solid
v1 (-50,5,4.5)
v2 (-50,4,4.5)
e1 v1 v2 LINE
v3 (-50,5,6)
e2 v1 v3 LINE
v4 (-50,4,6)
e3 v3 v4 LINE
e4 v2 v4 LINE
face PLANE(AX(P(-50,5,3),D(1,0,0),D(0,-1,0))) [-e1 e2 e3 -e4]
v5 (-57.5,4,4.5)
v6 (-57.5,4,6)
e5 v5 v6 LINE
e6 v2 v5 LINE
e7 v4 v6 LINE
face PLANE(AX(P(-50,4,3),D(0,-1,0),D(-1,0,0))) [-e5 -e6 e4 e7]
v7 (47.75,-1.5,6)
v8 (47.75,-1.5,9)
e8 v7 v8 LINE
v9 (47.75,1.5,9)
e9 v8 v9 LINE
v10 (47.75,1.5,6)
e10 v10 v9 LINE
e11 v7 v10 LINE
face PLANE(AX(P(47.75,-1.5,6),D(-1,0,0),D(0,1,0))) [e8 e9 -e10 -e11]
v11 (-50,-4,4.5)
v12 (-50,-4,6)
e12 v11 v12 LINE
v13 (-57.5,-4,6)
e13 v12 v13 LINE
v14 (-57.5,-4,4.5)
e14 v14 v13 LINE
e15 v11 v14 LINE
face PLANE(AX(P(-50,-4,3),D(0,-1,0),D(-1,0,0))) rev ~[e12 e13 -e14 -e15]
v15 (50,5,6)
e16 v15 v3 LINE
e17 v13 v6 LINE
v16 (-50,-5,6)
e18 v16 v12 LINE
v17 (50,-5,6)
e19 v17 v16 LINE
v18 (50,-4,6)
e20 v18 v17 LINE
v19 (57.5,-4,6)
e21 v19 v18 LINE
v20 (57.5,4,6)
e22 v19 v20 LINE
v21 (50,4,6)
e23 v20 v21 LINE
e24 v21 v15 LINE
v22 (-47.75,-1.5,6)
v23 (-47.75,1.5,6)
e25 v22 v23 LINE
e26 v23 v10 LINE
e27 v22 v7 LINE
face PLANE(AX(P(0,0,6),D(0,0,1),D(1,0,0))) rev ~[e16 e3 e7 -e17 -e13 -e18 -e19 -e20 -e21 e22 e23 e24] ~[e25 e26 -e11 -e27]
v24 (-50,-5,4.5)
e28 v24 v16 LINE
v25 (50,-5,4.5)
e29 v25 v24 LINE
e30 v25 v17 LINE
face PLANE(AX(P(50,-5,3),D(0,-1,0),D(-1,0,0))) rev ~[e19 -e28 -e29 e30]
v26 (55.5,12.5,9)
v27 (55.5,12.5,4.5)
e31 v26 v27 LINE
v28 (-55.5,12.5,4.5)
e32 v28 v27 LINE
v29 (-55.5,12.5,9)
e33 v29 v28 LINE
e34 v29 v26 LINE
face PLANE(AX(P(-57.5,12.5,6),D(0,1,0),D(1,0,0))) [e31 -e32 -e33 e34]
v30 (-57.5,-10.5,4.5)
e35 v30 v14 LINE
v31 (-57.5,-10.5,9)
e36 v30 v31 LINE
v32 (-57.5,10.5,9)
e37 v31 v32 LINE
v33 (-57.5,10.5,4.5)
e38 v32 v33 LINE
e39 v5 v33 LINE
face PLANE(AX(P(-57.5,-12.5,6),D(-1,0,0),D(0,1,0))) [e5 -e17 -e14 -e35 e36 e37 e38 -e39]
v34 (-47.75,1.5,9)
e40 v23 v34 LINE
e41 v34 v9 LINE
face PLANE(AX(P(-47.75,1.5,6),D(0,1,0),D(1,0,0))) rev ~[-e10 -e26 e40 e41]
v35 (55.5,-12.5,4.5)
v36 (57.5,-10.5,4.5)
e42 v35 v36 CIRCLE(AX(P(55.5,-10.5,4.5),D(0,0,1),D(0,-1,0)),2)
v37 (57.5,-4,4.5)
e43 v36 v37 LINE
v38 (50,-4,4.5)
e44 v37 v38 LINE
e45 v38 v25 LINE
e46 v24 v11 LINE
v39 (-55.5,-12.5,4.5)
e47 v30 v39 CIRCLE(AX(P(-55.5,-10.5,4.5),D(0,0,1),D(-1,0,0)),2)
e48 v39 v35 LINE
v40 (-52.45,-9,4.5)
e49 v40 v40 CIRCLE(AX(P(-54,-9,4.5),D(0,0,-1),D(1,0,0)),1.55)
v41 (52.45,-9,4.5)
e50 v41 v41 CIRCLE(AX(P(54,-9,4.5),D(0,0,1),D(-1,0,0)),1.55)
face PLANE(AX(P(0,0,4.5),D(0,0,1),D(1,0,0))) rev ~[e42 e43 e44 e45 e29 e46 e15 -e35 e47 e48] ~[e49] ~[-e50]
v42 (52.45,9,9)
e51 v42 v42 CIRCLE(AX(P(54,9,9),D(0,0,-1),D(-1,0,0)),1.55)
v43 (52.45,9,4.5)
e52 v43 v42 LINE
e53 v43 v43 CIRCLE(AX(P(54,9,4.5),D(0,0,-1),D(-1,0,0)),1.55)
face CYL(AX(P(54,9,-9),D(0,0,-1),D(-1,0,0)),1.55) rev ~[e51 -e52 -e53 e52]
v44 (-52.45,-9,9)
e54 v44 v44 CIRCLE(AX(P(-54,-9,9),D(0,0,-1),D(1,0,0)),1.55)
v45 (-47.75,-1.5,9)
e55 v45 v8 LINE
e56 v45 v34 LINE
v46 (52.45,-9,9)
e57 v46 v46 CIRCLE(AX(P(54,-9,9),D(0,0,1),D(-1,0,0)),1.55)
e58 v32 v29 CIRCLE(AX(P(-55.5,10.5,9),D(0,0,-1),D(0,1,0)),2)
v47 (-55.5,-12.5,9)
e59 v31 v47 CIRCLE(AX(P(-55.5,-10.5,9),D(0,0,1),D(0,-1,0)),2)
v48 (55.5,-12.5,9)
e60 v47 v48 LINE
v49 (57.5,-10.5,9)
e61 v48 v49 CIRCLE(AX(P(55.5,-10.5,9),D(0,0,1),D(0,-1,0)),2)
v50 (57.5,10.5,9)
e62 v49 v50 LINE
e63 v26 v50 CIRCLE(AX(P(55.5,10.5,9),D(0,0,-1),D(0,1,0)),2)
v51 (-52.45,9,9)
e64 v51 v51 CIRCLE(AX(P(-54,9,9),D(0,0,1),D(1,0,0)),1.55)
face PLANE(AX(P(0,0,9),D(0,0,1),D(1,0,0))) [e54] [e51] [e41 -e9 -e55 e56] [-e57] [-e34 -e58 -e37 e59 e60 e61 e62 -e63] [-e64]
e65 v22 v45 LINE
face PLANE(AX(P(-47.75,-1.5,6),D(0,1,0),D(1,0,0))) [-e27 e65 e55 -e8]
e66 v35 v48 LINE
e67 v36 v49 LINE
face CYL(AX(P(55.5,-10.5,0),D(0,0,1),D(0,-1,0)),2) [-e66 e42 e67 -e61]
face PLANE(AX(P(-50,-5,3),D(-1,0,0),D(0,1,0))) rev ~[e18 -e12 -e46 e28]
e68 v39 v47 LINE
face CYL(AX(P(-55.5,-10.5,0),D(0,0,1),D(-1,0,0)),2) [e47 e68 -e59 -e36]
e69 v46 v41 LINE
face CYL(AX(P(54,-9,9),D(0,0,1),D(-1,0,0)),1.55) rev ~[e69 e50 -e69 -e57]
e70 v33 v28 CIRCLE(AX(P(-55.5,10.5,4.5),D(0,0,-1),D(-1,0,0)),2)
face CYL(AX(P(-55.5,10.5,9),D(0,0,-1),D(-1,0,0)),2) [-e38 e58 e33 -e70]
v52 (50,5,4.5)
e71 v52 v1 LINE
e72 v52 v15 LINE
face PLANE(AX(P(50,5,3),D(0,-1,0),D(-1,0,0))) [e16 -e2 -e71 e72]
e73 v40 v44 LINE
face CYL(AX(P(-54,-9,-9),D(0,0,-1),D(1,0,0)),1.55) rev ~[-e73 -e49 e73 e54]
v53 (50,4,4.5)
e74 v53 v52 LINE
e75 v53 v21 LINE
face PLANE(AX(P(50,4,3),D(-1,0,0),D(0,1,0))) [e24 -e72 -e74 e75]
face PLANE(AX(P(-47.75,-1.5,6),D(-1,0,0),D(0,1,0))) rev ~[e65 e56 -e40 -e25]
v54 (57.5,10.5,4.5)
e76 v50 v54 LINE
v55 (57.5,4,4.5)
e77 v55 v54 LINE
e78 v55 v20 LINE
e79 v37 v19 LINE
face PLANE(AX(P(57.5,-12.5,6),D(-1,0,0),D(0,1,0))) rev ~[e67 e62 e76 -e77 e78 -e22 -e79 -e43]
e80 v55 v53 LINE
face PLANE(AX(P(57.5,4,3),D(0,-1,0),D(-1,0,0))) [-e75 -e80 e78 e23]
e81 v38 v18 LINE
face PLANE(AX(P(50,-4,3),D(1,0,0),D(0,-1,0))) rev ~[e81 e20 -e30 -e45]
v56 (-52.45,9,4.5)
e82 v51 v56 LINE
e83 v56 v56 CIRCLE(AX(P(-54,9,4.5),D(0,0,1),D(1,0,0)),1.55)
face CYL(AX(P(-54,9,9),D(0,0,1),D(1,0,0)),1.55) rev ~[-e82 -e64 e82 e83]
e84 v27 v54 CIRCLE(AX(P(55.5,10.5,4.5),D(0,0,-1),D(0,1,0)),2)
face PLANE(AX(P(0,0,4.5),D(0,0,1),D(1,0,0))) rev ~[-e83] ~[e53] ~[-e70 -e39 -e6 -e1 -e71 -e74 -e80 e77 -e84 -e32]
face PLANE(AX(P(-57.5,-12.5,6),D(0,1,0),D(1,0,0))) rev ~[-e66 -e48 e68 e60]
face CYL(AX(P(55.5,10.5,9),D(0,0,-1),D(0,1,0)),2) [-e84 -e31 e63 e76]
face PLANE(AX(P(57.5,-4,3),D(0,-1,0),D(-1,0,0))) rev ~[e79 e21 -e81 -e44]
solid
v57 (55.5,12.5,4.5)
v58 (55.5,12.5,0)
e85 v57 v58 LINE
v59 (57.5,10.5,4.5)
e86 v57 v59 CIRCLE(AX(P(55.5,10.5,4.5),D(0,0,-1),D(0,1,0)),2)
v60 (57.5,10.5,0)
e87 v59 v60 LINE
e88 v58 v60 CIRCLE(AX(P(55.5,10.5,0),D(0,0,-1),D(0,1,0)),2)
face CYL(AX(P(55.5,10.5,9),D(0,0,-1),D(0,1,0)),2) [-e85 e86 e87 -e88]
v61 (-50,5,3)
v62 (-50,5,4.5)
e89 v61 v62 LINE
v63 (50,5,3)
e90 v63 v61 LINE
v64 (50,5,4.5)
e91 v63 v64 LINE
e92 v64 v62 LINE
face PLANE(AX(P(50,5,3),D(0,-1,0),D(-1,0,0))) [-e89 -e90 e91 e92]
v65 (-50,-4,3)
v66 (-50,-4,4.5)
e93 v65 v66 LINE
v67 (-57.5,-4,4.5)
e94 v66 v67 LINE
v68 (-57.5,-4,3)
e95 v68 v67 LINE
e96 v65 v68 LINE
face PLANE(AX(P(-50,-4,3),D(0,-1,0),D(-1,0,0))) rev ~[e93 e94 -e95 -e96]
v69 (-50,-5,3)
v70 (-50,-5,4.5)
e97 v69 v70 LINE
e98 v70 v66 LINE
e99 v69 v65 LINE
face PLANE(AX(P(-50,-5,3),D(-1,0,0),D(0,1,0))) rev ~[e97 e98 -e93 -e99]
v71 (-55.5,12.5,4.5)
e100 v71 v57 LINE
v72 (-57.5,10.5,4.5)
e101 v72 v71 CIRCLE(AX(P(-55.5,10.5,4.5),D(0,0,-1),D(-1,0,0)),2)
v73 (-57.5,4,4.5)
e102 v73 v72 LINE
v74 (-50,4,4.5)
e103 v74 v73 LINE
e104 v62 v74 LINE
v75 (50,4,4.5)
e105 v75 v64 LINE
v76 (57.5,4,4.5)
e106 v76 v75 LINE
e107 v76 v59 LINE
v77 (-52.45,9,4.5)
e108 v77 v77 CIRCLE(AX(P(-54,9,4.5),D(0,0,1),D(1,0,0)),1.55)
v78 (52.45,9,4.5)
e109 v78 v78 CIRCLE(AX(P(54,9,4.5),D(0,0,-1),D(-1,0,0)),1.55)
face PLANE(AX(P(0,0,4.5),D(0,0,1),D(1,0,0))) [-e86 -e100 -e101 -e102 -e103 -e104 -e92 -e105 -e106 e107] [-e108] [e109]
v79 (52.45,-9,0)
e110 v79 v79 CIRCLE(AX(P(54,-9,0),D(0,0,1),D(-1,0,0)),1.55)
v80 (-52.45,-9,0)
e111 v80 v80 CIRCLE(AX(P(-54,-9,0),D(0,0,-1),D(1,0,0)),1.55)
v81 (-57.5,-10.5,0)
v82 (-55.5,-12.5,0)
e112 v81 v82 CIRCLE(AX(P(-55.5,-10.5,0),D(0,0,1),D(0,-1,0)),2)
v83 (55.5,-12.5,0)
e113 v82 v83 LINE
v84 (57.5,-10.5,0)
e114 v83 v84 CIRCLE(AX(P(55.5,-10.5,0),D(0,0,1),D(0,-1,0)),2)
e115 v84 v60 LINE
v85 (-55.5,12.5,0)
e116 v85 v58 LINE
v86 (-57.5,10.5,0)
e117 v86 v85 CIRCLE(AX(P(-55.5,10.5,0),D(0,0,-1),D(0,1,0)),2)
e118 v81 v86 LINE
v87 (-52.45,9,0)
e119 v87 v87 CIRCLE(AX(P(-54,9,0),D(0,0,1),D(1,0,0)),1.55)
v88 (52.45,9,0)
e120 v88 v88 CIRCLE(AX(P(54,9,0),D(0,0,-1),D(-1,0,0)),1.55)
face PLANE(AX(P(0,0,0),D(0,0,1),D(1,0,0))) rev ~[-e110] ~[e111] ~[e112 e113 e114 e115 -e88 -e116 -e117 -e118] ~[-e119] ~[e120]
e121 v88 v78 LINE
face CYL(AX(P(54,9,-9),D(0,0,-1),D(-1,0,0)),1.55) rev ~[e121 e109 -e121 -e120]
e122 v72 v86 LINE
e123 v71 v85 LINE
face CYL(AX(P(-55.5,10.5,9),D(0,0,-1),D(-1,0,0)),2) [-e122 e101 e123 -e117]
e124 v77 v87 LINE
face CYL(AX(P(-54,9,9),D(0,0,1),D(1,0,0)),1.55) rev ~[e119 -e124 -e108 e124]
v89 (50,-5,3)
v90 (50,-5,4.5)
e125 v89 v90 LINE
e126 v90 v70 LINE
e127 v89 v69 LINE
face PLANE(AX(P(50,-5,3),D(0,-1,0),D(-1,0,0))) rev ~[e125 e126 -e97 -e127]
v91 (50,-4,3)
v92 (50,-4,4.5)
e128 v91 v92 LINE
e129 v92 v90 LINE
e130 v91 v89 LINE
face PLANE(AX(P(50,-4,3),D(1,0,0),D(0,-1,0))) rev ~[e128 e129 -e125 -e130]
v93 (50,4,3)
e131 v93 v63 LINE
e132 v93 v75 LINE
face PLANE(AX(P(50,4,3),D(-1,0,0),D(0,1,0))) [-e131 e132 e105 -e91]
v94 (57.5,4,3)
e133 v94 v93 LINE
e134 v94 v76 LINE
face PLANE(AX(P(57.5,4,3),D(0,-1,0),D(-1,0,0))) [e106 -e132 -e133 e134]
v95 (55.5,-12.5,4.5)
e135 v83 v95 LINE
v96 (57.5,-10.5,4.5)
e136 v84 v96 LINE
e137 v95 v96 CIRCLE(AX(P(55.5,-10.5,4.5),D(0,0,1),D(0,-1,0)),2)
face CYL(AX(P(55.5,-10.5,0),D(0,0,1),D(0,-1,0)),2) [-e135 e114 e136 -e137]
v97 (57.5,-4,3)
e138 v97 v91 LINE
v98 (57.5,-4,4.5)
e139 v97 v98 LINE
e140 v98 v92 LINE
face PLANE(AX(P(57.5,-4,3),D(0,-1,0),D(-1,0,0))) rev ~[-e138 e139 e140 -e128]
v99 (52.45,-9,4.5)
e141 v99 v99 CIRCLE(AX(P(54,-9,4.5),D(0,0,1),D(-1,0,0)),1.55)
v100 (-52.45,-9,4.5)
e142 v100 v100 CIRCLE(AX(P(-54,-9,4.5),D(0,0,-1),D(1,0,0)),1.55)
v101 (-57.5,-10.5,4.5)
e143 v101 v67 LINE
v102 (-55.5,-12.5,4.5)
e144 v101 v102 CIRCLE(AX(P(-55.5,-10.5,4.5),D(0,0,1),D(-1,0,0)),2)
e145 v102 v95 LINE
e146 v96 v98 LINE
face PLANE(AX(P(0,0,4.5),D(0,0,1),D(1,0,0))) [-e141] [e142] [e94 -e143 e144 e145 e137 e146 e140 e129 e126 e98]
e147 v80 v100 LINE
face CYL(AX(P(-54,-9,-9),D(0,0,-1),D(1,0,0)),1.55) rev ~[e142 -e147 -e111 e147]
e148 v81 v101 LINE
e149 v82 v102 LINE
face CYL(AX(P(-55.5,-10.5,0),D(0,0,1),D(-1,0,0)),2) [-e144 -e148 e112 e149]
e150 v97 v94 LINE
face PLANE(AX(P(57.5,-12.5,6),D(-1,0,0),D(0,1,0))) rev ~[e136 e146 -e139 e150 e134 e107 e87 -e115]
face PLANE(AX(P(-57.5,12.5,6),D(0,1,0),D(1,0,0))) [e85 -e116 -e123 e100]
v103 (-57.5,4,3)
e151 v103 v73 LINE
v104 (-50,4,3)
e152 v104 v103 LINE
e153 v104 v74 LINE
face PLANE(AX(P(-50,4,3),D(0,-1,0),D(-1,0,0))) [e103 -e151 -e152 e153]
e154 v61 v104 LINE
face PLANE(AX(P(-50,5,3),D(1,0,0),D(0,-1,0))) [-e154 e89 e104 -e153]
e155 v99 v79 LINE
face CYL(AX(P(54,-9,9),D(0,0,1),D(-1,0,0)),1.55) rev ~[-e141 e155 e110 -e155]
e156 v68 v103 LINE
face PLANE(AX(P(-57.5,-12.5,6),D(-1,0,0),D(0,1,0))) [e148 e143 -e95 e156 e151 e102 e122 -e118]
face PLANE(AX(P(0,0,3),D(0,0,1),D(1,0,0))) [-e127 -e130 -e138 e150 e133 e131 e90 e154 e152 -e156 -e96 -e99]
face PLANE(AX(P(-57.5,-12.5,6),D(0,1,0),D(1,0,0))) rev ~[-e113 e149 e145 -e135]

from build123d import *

# Parameters (mm, degrees)
BOX_BOTTOM_HALF_0_W     = 117
BOX_BOTTOM_HALF_0_H     = 27
BOX_BOTTOM_HALF_0_DEPTH = 5.5
SKETCH_W                = 115
SKETCH_H                = 25
PAD_DEPTH               = 3
PAD001_DEPTH            = 3
SKETCH002_W             = 115
SKETCH002_H             = 25
SKETCH002_W_2           = 95.5
SKETCH002_H_2           = 3
PAD002_DEPTH            = 3
SKETCH003_R             = 1.55
POCKET_DEPTH            = 245.060315
POLARPATTERN_COUNT      = 2
POLARPATTERN001_COUNT   = 2
POLARPATTERN002_COUNT   = 2
FILLET_R                = 2


with BuildPart() as box_bottom_half_0_body:
    # box_bottom_half_0 → box_bottom_half_0 (new body)
    with BuildSketch(Plane(origin=(-58.5, -13.5, -1), x_dir=(1, 0, 0), z_dir=(0, 0, 1))):
        with Locations((58.5, 13.5)):
            Rectangle(BOX_BOTTOM_HALF_0_W, BOX_BOTTOM_HALF_0_H)
    extrude(amount=BOX_BOTTOM_HALF_0_DEPTH)


with BuildPart() as body:
    # Sketch → Pad (new body)
    with BuildSketch(Plane.XY):
        Rectangle(SKETCH_W, SKETCH_H)
    extrude(amount=PAD_DEPTH)

    # Sketch001 (on Face6 of Pad) → Pad001 (join)
    with BuildSketch(Plane.XY.offset(3)):
        Polygon((-57.5, 12.5), (57.5, 12.5), (57.5, 4), (50, 4), (50, 5), (-50, 5), (-50, 4), (-57.5, 4), align=None)
        Polygon((-57.5, -12.5), (57.5, -12.5), (57.5, -4), (50, -4), (50, -5), (-50, -5), (-50, -4), (-57.5, -4), align=None)
    extrude(amount=PAD001_DEPTH)

    # Sketch002 (on Face12 of Pad001) → Pad002 (join)
    with BuildSketch(Plane.XY.offset(6)):
        Rectangle(SKETCH002_W, SKETCH002_H)
        Rectangle(SKETCH002_W_2, SKETCH002_H_2, mode=Mode.SUBTRACT)
    extrude(amount=PAD002_DEPTH)

    # Sketch003 (on Face26 of Pad002) → Pocket (cut, through all)
    with BuildSketch(Plane.XY.offset(9)):
        with Locations((-54, 9)):
            Circle(SKETCH003_R)
    pocket = extrude(amount=-POCKET_DEPTH, mode=Mode.SUBTRACT)

    # PolarPattern: Pocket ×2 about axis
    polarpattern_axis = Axis((0, 0, 0), (0, 1, 0))
    for i in range(1, POLARPATTERN_COUNT):
        add(pocket.rotate(polarpattern_axis, i * 360 / POLARPATTERN_COUNT), mode=Mode.SUBTRACT)

    # PolarPattern001: Pocket ×2 about axis
    polarpattern001_axis = Axis((0, 0, 0), (1, 0, 0))
    for i in range(1, POLARPATTERN001_COUNT):
        add(pocket.rotate(polarpattern001_axis, i * 360 / POLARPATTERN001_COUNT), mode=Mode.SUBTRACT)

    # PolarPattern002: Pocket ×2 about axis
    polarpattern002_axis = Axis((0, 0, 9), (0, 0, 1))
    for i in range(1, POLARPATTERN002_COUNT):
        add(pocket.rotate(polarpattern002_axis, i * 360 / POLARPATTERN002_COUNT), mode=Mode.SUBTRACT)

    # Fillet
    fillet_edges = [body.edges().sort_by_distance(p)[0] for p in [
        (57.5, 12.5, 7.5),
        (57.5, 12.5, 4.5),
        (57.5, 12.5, 1.5),
        (57.5, -12.5, 7.5),
        (-57.5, 12.5, 7.5),
        (-57.5, -12.5, 7.5),
    ]]
    fillet(fillet_edges, radius=FILLET_R)


with BuildPart() as bottom_half_0_body:
    # bottom_half_0 base: copy of Body
    add(body.part)

    # bottom_half_0: intersect box_bottom_half_0 body
    add(box_bottom_half_0_body.part, mode=Mode.INTERSECT)


with BuildPart() as top_half_0_body:
    # top_half_0 base: copy of Body
    add(body.part)

    # top_half_0: cut box_bottom_half_0 body
    add(box_bottom_half_0_body.part, mode=Mode.SUBTRACT)


solid = Compound([bottom_half_0_body.part, top_half_0_body.part])
